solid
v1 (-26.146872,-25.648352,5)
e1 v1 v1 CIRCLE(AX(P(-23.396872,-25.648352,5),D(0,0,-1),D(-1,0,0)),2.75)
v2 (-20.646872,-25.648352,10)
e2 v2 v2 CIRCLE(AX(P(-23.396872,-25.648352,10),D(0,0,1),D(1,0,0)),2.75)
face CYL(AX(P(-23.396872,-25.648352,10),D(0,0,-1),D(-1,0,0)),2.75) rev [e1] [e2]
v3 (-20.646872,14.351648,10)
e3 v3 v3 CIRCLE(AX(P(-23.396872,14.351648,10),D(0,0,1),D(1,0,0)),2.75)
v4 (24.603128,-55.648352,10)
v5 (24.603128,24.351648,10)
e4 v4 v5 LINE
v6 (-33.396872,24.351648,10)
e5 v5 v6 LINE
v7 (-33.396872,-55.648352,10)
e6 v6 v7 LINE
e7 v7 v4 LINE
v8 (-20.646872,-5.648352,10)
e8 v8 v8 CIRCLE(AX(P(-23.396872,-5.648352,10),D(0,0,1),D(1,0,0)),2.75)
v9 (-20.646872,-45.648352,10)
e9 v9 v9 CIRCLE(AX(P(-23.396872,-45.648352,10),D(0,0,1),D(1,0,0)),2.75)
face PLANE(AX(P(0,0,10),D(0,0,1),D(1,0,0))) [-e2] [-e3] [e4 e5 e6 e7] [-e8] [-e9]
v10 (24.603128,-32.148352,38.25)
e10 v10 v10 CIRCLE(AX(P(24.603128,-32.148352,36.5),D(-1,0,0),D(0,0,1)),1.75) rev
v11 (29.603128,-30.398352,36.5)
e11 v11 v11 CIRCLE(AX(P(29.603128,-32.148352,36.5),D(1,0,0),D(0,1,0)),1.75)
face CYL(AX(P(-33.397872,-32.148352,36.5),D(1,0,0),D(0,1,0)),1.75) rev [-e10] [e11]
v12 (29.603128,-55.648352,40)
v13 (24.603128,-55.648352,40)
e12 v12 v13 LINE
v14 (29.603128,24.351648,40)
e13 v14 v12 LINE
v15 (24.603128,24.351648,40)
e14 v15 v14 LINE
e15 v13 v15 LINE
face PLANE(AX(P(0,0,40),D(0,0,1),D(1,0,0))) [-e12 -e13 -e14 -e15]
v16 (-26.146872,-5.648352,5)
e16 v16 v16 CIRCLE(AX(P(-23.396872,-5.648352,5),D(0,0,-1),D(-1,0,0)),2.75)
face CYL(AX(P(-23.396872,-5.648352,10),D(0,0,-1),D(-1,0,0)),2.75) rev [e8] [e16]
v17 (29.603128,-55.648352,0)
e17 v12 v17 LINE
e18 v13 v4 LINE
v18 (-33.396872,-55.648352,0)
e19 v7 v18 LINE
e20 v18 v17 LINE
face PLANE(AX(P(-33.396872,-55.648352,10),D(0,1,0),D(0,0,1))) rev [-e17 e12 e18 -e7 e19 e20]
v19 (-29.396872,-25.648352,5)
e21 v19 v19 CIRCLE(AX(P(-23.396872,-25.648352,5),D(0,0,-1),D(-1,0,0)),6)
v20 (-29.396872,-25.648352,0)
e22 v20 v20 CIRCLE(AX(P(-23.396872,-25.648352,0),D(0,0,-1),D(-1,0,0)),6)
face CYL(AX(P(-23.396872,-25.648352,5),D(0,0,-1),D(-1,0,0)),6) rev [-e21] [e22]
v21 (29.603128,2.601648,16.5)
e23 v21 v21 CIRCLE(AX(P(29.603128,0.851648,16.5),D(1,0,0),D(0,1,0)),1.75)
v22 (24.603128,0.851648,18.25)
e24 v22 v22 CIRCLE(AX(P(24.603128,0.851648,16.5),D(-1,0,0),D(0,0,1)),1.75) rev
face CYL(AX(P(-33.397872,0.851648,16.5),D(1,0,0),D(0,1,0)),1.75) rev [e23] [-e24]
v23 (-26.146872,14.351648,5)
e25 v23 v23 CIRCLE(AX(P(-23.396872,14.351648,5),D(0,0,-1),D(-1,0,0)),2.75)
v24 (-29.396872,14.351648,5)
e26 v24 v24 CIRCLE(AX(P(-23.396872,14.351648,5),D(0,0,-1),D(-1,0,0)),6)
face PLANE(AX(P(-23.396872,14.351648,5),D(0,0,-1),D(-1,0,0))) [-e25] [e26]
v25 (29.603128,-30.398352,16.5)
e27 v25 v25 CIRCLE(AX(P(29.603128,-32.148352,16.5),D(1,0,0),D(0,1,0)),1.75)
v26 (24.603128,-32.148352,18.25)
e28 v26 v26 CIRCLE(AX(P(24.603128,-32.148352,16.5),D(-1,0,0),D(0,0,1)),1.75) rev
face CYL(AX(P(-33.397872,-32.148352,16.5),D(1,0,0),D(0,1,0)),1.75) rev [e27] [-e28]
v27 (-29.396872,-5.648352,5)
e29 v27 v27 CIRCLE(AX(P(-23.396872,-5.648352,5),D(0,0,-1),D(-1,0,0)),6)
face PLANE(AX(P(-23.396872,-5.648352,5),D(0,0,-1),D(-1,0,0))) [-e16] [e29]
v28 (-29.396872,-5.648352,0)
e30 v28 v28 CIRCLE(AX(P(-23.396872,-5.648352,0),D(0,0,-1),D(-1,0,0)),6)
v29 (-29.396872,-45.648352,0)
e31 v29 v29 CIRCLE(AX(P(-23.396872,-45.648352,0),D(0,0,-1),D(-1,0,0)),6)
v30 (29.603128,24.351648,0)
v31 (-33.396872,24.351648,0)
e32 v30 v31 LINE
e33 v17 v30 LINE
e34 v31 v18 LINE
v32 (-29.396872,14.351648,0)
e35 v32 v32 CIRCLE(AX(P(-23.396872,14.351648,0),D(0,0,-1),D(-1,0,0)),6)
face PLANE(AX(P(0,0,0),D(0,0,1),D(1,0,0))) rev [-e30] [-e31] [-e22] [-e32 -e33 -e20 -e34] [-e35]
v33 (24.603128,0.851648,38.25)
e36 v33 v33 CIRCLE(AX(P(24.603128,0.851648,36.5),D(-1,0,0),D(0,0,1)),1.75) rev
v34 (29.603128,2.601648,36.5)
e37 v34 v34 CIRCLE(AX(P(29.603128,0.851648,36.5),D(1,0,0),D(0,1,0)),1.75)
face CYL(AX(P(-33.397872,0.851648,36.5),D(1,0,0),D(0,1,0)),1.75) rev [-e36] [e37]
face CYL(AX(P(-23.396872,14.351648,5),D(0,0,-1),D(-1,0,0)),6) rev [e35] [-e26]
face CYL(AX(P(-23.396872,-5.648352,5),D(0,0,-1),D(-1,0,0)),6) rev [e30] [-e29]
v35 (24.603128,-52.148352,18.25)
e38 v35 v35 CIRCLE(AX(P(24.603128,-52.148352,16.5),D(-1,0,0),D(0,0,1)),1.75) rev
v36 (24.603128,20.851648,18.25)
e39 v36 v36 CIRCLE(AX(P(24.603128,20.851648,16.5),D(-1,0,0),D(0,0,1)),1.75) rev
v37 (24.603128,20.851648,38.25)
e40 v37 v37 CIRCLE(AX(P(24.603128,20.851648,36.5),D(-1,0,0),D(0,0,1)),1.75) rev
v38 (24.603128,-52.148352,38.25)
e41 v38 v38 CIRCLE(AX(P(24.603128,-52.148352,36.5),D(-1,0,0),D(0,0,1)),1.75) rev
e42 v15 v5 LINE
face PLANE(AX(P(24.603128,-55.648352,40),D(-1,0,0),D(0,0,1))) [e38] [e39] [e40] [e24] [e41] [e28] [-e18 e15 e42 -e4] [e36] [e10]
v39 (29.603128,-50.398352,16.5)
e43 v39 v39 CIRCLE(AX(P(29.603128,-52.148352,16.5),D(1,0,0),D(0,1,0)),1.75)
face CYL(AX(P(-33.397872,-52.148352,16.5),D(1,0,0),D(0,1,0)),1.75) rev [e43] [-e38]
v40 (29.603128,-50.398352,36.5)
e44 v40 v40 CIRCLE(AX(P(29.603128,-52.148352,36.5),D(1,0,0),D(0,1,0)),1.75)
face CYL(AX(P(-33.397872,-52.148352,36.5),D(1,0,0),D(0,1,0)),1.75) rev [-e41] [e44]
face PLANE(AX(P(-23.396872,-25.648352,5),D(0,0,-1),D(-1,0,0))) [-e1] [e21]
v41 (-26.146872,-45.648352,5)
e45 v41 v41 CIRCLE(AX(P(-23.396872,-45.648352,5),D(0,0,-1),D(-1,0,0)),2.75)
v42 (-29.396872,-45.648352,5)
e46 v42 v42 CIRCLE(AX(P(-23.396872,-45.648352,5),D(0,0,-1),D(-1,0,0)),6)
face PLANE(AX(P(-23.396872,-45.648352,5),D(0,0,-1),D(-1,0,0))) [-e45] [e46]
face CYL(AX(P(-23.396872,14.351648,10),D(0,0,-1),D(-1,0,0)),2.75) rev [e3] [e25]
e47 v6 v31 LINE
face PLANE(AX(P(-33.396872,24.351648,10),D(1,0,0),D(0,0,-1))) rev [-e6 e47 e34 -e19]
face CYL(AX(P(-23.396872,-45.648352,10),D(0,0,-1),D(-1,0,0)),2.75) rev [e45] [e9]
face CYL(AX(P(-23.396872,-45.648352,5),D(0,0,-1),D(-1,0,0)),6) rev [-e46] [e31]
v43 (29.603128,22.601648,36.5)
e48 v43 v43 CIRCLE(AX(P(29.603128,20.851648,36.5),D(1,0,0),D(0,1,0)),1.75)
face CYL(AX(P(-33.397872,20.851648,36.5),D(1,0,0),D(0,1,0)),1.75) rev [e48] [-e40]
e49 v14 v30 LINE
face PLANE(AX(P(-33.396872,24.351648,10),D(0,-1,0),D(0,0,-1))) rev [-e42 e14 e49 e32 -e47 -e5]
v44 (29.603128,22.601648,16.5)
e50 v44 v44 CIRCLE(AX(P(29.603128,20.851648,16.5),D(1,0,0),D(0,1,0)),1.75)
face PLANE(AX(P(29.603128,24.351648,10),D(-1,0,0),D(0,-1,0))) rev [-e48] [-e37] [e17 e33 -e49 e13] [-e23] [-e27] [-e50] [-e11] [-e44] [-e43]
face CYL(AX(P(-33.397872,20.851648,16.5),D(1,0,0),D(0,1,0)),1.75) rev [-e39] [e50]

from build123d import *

# Parameters (mm, degrees)
ESQUISSE1_W             = 63
ESQUISSE1_H             = 80
ESQUISSE1_R             = 2.75
BOSS_EXTRU_1_DEPTH      = 10
ESQUISSE2_W             = 5
ESQUISSE2_H             = 80
BOSS_EXTRU_2_DEPTH      = 30
ENL_V_MAT_EXTRU_1_REACH = 95.09
ESQUISSE3_R             = 1.75
ESQUISSE4_R             = 6
ENL_V_MAT_EXTRU_2_DEPTH = 5


with BuildPart() as part:
    # Esquisse1 → Boss.-Extru.1 (new body)
    with BuildSketch(Plane.XY):
        with Locations((-1.896872358, -15.648351648)):
            Rectangle(ESQUISSE1_W, ESQUISSE1_H)
        with Locations((-23.396872358, 14.351648352)):
            Circle(ESQUISSE1_R, mode=Mode.SUBTRACT)
        with Locations((-23.396872358, -5.648351648)):
            Circle(ESQUISSE1_R, mode=Mode.SUBTRACT)
        with Locations((-23.396872358, -25.648351648)):
            Circle(ESQUISSE1_R, mode=Mode.SUBTRACT)
        with Locations((-23.396872358, -45.648351648)):
            Circle(ESQUISSE1_R, mode=Mode.SUBTRACT)
    extrude(amount=BOSS_EXTRU_1_DEPTH)

    # Esquisse2 → Boss.-Extru.2 (add)
    with BuildSketch(Plane(origin=(0, 0, 10), x_dir=(-1, 0, 0), z_dir=(0, 0, -1))):
        with Locations((-27.103127642, -15.648351648)):
            Rectangle(ESQUISSE2_W, ESQUISSE2_H)
    extrude(amount=-BOSS_EXTRU_2_DEPTH)

    # Esquisse3 → Enlèv. mat.-Extru.1 (cut, up to next)
    with BuildSketch(Plane(origin=(29.603127642, 0, 0), x_dir=(0, 0, -1), z_dir=(1, 0, 0)), mode=Mode.PRIVATE) as enl_v_mat_extru_1_sk1:
        with Locations(Location((-36.5, -52.148351648, 0), (0, 0, 90))):
            Circle(ESQUISSE3_R)
    enl_v_mat_extru_1_tool1 = extrude(enl_v_mat_extru_1_sk1.sketch, amount=-ENL_V_MAT_EXTRU_1_REACH, mode=Mode.PRIVATE) & part.part
    # Esquisse3 → Enlèv. mat.-Extru.1 (cut, up to next)
    with BuildSketch(Plane(origin=(29.603127642, 0, 0), x_dir=(0, 0, -1), z_dir=(1, 0, 0)), mode=Mode.PRIVATE) as enl_v_mat_extru_1_sk2:
        with Locations(Location((-36.5, -32.148351648, 0), (0, 0, 90))):
            Circle(ESQUISSE3_R)
    enl_v_mat_extru_1_tool2 = extrude(enl_v_mat_extru_1_sk2.sketch, amount=-ENL_V_MAT_EXTRU_1_REACH, mode=Mode.PRIVATE) & part.part
    # Esquisse3 → Enlèv. mat.-Extru.1 (cut, up to next)
    with BuildSketch(Plane(origin=(29.603127642, 0, 0), x_dir=(0, 0, -1), z_dir=(1, 0, 0)), mode=Mode.PRIVATE) as enl_v_mat_extru_1_sk3:
        with Locations(Location((-16.5, -32.148351648, 0), (0, 0, 90))):
            Circle(ESQUISSE3_R)
    enl_v_mat_extru_1_tool3 = extrude(enl_v_mat_extru_1_sk3.sketch, amount=-ENL_V_MAT_EXTRU_1_REACH, mode=Mode.PRIVATE) & part.part
    # Esquisse3 → Enlèv. mat.-Extru.1 (cut, up to next)
    with BuildSketch(Plane(origin=(29.603127642, 0, 0), x_dir=(0, 0, -1), z_dir=(1, 0, 0)), mode=Mode.PRIVATE) as enl_v_mat_extru_1_sk4:
        with Locations(Location((-16.5, -52.148351648, 0), (0, 0, 90))):
            Circle(ESQUISSE3_R)
    enl_v_mat_extru_1_tool4 = extrude(enl_v_mat_extru_1_sk4.sketch, amount=-ENL_V_MAT_EXTRU_1_REACH, mode=Mode.PRIVATE) & part.part
    # Esquisse3 → Enlèv. mat.-Extru.1 (cut, up to next)
    with BuildSketch(Plane(origin=(29.603127642, 0, 0), x_dir=(0, 0, -1), z_dir=(1, 0, 0)), mode=Mode.PRIVATE) as enl_v_mat_extru_1_sk5:
        with Locations(Location((-36.5, 0.851648352, 0), (0, 0, 90))):
            Circle(ESQUISSE3_R)
    enl_v_mat_extru_1_tool5 = extrude(enl_v_mat_extru_1_sk5.sketch, amount=-ENL_V_MAT_EXTRU_1_REACH, mode=Mode.PRIVATE) & part.part
    # Esquisse3 → Enlèv. mat.-Extru.1 (cut, up to next)
    with BuildSketch(Plane(origin=(29.603127642, 0, 0), x_dir=(0, 0, -1), z_dir=(1, 0, 0)), mode=Mode.PRIVATE) as enl_v_mat_extru_1_sk6:
        with Locations(Location((-36.5, 20.851648352, 0), (0, 0, 90))):
            Circle(ESQUISSE3_R)
    enl_v_mat_extru_1_tool6 = extrude(enl_v_mat_extru_1_sk6.sketch, amount=-ENL_V_MAT_EXTRU_1_REACH, mode=Mode.PRIVATE) & part.part
    # Esquisse3 → Enlèv. mat.-Extru.1 (cut, up to next)
    with BuildSketch(Plane(origin=(29.603127642, 0, 0), x_dir=(0, 0, -1), z_dir=(1, 0, 0)), mode=Mode.PRIVATE) as enl_v_mat_extru_1_sk7:
        with Locations(Location((-16.5, 20.851648352, 0), (0, 0, 90))):
            Circle(ESQUISSE3_R)
    enl_v_mat_extru_1_tool7 = extrude(enl_v_mat_extru_1_sk7.sketch, amount=-ENL_V_MAT_EXTRU_1_REACH, mode=Mode.PRIVATE) & part.part
    # Esquisse3 → Enlèv. mat.-Extru.1 (cut, up to next)
    with BuildSketch(Plane(origin=(29.603127642, 0, 0), x_dir=(0, 0, -1), z_dir=(1, 0, 0)), mode=Mode.PRIVATE) as enl_v_mat_extru_1_sk8:
        with Locations(Location((-16.5, 0.851648352, 0), (0, 0, 90))):
            Circle(ESQUISSE3_R)
    enl_v_mat_extru_1_tool8 = extrude(enl_v_mat_extru_1_sk8.sketch, amount=-ENL_V_MAT_EXTRU_1_REACH, mode=Mode.PRIVATE) & part.part
    add(enl_v_mat_extru_1_tool1.solids().sort_by_distance((29.603128, -52.148352, 36.5))[0], mode=Mode.SUBTRACT)
    add(enl_v_mat_extru_1_tool2.solids().sort_by_distance((29.603128, -32.148352, 36.5))[0], mode=Mode.SUBTRACT)
    add(enl_v_mat_extru_1_tool3.solids().sort_by_distance((29.603128, -32.148352, 16.5))[0], mode=Mode.SUBTRACT)
    add(enl_v_mat_extru_1_tool4.solids().sort_by_distance((29.603128, -52.148352, 16.5))[0], mode=Mode.SUBTRACT)
    add(enl_v_mat_extru_1_tool5.solids().sort_by_distance((29.603128, 0.851648, 36.5))[0], mode=Mode.SUBTRACT)
    add(enl_v_mat_extru_1_tool6.solids().sort_by_distance((29.603128, 20.851648, 36.5))[0], mode=Mode.SUBTRACT)
    add(enl_v_mat_extru_1_tool7.solids().sort_by_distance((29.603128, 20.851648, 16.5))[0], mode=Mode.SUBTRACT)
    add(enl_v_mat_extru_1_tool8.solids().sort_by_distance((29.603128, 0.851648, 16.5))[0], mode=Mode.SUBTRACT)

    # Esquisse4 → Enlèv. mat.-Extru.2 (cut)
    with BuildSketch(Plane(origin=(0, 0, 0), x_dir=(-1, 0, 0), z_dir=(0, 0, -1))):
        with Locations((23.396872358, -45.648351648)):
            Circle(ESQUISSE4_R)
        with Locations((23.396872358, -25.648351648)):
            Circle(ESQUISSE4_R)
        with Locations((23.396872358, -5.648351648)):
            Circle(ESQUISSE4_R)
        with Locations((23.396872358, 14.351648352)):
            Circle(ESQUISSE4_R)
    extrude(amount=-ENL_V_MAT_EXTRU_2_DEPTH, mode=Mode.SUBTRACT)


solid = part.part
